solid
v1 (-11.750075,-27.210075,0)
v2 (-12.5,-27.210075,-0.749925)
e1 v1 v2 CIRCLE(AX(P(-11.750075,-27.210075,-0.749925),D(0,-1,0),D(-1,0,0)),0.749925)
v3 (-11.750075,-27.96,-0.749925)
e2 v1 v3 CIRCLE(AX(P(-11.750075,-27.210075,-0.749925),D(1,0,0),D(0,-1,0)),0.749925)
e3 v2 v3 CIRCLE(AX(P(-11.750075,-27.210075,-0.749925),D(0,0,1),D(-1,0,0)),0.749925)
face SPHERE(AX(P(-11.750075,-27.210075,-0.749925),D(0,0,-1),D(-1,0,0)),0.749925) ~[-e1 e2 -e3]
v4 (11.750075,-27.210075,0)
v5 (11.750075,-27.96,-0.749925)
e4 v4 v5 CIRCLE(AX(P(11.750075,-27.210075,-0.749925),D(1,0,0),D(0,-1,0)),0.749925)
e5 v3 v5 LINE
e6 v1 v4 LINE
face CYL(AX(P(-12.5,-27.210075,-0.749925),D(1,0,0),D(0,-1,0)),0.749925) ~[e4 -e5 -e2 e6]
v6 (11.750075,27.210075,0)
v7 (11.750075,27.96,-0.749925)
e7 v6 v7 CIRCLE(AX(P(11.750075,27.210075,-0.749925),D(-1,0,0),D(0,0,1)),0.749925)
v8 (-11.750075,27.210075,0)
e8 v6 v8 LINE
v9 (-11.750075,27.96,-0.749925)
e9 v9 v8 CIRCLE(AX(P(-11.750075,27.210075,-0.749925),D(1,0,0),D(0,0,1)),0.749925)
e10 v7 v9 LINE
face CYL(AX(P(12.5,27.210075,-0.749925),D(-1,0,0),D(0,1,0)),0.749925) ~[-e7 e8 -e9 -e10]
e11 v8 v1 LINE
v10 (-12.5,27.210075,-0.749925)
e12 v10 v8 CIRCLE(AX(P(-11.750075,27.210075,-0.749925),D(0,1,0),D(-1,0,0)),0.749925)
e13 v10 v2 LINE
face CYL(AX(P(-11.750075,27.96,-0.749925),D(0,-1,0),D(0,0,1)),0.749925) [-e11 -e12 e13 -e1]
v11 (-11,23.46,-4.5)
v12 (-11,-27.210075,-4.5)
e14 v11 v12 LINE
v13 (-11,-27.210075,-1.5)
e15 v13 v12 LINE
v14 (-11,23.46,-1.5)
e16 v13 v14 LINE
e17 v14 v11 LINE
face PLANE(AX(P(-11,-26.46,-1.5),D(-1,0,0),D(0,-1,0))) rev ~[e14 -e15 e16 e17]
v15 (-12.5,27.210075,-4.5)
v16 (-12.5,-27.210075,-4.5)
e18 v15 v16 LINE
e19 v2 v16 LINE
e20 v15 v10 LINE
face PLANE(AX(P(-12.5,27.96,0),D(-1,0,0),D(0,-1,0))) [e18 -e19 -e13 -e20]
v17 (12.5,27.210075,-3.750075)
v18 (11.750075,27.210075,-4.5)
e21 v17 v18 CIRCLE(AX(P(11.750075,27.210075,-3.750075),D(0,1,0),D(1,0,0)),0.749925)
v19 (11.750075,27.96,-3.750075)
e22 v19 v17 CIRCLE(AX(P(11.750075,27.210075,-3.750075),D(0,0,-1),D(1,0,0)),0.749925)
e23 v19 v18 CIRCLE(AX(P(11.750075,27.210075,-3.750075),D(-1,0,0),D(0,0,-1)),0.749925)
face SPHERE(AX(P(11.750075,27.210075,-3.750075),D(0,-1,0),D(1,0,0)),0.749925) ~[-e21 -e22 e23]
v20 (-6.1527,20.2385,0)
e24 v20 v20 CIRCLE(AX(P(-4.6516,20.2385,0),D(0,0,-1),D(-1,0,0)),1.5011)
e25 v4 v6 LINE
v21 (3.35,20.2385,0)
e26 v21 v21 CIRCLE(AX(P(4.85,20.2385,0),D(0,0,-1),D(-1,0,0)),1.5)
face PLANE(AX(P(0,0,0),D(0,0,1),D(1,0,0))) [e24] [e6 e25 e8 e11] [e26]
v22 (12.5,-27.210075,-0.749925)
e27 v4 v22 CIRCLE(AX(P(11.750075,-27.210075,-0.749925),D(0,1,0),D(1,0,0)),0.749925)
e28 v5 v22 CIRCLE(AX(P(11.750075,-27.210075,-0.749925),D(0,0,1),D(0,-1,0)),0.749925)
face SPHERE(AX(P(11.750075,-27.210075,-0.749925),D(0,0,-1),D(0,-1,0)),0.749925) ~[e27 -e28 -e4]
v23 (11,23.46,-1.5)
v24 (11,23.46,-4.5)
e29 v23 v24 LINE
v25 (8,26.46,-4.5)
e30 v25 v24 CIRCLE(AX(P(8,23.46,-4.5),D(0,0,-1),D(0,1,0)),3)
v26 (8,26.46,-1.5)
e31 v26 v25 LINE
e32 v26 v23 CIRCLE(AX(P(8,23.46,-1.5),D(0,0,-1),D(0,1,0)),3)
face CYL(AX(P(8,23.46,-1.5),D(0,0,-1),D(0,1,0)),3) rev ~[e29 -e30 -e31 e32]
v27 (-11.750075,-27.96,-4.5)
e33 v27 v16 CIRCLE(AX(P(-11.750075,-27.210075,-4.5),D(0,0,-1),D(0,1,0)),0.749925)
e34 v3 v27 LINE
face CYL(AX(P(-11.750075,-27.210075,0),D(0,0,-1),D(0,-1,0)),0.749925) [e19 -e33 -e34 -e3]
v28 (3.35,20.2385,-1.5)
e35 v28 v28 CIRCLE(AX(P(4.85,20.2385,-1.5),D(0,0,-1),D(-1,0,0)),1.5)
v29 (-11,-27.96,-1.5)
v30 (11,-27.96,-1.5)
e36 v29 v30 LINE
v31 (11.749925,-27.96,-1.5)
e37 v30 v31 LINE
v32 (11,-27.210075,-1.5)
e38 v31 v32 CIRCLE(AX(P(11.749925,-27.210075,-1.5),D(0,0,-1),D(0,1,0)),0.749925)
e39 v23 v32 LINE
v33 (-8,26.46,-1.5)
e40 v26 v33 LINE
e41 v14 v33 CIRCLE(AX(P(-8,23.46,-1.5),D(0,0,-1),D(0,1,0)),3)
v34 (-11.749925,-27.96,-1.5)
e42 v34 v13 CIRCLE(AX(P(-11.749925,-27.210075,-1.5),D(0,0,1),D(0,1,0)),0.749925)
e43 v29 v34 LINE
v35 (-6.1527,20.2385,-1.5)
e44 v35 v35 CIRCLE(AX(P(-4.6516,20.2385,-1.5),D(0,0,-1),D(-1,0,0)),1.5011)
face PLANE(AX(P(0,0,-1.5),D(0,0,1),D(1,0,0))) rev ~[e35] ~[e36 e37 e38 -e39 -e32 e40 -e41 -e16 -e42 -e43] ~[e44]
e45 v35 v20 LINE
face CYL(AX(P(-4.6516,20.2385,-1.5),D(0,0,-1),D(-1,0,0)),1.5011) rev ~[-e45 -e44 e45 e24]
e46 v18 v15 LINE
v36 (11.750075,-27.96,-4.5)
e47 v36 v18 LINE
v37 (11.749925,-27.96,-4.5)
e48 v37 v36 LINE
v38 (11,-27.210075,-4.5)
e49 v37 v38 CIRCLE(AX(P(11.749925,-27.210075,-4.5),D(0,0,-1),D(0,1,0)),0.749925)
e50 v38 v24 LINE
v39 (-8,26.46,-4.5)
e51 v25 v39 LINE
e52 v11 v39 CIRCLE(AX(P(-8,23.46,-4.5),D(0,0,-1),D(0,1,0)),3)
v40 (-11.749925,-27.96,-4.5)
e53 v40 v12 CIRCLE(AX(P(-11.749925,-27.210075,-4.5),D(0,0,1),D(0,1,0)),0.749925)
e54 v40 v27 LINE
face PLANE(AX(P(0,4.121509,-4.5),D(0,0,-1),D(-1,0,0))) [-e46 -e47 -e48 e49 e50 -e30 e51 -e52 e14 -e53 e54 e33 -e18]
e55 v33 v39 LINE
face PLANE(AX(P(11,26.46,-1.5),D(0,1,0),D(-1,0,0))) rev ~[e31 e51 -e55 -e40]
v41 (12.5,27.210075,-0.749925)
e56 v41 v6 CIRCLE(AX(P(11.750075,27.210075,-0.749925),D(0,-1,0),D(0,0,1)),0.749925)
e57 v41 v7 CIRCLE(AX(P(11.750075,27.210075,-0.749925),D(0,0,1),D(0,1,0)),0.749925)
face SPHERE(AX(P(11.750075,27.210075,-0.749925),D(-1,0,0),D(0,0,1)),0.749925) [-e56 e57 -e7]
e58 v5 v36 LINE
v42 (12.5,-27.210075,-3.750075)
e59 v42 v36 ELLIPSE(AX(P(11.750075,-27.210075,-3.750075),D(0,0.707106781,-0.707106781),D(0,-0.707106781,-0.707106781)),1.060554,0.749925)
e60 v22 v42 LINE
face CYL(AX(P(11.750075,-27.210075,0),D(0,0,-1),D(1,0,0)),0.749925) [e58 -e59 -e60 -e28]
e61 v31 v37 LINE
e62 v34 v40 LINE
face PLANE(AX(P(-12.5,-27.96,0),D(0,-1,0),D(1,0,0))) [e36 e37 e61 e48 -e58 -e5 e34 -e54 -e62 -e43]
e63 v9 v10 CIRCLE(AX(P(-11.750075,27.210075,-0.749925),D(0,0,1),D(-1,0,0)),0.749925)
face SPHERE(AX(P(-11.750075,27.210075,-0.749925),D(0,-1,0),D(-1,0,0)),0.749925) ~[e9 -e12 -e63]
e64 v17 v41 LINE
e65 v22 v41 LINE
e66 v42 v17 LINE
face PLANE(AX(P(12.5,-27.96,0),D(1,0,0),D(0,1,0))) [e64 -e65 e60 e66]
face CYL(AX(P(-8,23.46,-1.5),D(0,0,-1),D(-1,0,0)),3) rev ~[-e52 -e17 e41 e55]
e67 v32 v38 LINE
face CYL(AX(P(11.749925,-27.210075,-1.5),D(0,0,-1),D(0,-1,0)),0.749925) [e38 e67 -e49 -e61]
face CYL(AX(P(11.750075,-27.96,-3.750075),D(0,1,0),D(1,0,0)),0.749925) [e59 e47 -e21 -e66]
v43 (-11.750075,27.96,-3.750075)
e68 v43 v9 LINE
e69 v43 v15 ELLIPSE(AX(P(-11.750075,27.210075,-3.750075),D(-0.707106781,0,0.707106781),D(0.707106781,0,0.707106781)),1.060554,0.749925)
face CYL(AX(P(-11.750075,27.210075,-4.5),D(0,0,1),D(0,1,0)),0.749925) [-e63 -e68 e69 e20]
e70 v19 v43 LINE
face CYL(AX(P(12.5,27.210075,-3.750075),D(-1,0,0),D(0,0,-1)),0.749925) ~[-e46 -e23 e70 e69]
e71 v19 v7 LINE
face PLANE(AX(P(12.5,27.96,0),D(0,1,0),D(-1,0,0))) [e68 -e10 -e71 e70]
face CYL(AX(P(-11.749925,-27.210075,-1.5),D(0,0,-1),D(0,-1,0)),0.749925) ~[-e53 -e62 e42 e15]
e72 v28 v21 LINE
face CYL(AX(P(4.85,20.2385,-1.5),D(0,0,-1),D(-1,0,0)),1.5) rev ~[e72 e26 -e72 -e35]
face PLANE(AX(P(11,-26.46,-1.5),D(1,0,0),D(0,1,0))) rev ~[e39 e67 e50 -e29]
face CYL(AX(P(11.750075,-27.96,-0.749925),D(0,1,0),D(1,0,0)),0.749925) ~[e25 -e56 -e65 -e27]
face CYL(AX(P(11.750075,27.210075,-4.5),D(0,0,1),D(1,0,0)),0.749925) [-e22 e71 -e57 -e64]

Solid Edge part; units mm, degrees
sketch "Sketch1" plane through (0, 0, 0) normal (0, 0, 1) x (1, 0, 0)
  line L0 (12.5, -27.96) -> (12.5, 27.96)
  line L1 (12.5, 27.96) -> (-12.5, 27.96)
  line L2 (-12.5, 27.96) -> (-12.5, -27.96)
  line L3 (-12.5, -27.96) -> (12.5, -27.96)
extrude "Protrusion1" add sketch "Sketch1" against normal blind 1.5
sketch "Sketch2" plane through (0, 0, -1.5) normal (0, 0, -1) x (0, 1, 0)
  line L0 (-26.46, 11) -> (26.46, 11)
  line L1 (26.46, 11) -> (26.46, -11)
  line L2 (26.46, -11) -> (-26.46, -11)
  line L3 (-26.46, -11) -> (-27.96, -11)
  line L4 (-27.96, -11) -> (-27.96, -12.5)
  line L5 (27.96, -12.5) -> (-27.96, -12.5)
  line L6 (27.96, 12.5) -> (27.96, -12.5)
  line L7 (-27.96, 12.5) -> (27.96, 12.5)
  line L8 (-27.96, 11) -> (-27.96, 12.5)
  line L9 (-26.46, 11) -> (-27.96, 11)
extrude "ExtrudedProtrusion_2" add sketch "Sketch2" along normal blind 3
sketch "Sketch3" plane through (0, -0.75, -1.5) normal (0, 0, -1) x (-1, 0, 0)
  circle A0 centre (4.6516, 20.9885) radius 1.5011
  circle A1 centre (-4.85, 20.9885) radius 1.5
extrude "Cutout1" cut sketch "Sketch3" against normal up to vertex (1.5 mm away)
fillet "Round_1" radius 0.75 12 edges at (12.5, -27.96, -2.25) (-12.5, -27.96, -2.25) (-12.5, 0, 0) (0, -27.96, 0) (-11, -27.96, -3) (11, -27.96, -3) (-12.5, 27.96, -2.25) (0, 27.96, 0) (12.5, 0, 0) (12.5, 0, -4.5) (12.5, 27.96, -2.25) (0, 27.96, -4.5)
fillet "Round_2" radius 3 2 edges at (-11, 26.46, -3) (11, 26.46, -3)
properties material "ABS Plastic, medium impact"
